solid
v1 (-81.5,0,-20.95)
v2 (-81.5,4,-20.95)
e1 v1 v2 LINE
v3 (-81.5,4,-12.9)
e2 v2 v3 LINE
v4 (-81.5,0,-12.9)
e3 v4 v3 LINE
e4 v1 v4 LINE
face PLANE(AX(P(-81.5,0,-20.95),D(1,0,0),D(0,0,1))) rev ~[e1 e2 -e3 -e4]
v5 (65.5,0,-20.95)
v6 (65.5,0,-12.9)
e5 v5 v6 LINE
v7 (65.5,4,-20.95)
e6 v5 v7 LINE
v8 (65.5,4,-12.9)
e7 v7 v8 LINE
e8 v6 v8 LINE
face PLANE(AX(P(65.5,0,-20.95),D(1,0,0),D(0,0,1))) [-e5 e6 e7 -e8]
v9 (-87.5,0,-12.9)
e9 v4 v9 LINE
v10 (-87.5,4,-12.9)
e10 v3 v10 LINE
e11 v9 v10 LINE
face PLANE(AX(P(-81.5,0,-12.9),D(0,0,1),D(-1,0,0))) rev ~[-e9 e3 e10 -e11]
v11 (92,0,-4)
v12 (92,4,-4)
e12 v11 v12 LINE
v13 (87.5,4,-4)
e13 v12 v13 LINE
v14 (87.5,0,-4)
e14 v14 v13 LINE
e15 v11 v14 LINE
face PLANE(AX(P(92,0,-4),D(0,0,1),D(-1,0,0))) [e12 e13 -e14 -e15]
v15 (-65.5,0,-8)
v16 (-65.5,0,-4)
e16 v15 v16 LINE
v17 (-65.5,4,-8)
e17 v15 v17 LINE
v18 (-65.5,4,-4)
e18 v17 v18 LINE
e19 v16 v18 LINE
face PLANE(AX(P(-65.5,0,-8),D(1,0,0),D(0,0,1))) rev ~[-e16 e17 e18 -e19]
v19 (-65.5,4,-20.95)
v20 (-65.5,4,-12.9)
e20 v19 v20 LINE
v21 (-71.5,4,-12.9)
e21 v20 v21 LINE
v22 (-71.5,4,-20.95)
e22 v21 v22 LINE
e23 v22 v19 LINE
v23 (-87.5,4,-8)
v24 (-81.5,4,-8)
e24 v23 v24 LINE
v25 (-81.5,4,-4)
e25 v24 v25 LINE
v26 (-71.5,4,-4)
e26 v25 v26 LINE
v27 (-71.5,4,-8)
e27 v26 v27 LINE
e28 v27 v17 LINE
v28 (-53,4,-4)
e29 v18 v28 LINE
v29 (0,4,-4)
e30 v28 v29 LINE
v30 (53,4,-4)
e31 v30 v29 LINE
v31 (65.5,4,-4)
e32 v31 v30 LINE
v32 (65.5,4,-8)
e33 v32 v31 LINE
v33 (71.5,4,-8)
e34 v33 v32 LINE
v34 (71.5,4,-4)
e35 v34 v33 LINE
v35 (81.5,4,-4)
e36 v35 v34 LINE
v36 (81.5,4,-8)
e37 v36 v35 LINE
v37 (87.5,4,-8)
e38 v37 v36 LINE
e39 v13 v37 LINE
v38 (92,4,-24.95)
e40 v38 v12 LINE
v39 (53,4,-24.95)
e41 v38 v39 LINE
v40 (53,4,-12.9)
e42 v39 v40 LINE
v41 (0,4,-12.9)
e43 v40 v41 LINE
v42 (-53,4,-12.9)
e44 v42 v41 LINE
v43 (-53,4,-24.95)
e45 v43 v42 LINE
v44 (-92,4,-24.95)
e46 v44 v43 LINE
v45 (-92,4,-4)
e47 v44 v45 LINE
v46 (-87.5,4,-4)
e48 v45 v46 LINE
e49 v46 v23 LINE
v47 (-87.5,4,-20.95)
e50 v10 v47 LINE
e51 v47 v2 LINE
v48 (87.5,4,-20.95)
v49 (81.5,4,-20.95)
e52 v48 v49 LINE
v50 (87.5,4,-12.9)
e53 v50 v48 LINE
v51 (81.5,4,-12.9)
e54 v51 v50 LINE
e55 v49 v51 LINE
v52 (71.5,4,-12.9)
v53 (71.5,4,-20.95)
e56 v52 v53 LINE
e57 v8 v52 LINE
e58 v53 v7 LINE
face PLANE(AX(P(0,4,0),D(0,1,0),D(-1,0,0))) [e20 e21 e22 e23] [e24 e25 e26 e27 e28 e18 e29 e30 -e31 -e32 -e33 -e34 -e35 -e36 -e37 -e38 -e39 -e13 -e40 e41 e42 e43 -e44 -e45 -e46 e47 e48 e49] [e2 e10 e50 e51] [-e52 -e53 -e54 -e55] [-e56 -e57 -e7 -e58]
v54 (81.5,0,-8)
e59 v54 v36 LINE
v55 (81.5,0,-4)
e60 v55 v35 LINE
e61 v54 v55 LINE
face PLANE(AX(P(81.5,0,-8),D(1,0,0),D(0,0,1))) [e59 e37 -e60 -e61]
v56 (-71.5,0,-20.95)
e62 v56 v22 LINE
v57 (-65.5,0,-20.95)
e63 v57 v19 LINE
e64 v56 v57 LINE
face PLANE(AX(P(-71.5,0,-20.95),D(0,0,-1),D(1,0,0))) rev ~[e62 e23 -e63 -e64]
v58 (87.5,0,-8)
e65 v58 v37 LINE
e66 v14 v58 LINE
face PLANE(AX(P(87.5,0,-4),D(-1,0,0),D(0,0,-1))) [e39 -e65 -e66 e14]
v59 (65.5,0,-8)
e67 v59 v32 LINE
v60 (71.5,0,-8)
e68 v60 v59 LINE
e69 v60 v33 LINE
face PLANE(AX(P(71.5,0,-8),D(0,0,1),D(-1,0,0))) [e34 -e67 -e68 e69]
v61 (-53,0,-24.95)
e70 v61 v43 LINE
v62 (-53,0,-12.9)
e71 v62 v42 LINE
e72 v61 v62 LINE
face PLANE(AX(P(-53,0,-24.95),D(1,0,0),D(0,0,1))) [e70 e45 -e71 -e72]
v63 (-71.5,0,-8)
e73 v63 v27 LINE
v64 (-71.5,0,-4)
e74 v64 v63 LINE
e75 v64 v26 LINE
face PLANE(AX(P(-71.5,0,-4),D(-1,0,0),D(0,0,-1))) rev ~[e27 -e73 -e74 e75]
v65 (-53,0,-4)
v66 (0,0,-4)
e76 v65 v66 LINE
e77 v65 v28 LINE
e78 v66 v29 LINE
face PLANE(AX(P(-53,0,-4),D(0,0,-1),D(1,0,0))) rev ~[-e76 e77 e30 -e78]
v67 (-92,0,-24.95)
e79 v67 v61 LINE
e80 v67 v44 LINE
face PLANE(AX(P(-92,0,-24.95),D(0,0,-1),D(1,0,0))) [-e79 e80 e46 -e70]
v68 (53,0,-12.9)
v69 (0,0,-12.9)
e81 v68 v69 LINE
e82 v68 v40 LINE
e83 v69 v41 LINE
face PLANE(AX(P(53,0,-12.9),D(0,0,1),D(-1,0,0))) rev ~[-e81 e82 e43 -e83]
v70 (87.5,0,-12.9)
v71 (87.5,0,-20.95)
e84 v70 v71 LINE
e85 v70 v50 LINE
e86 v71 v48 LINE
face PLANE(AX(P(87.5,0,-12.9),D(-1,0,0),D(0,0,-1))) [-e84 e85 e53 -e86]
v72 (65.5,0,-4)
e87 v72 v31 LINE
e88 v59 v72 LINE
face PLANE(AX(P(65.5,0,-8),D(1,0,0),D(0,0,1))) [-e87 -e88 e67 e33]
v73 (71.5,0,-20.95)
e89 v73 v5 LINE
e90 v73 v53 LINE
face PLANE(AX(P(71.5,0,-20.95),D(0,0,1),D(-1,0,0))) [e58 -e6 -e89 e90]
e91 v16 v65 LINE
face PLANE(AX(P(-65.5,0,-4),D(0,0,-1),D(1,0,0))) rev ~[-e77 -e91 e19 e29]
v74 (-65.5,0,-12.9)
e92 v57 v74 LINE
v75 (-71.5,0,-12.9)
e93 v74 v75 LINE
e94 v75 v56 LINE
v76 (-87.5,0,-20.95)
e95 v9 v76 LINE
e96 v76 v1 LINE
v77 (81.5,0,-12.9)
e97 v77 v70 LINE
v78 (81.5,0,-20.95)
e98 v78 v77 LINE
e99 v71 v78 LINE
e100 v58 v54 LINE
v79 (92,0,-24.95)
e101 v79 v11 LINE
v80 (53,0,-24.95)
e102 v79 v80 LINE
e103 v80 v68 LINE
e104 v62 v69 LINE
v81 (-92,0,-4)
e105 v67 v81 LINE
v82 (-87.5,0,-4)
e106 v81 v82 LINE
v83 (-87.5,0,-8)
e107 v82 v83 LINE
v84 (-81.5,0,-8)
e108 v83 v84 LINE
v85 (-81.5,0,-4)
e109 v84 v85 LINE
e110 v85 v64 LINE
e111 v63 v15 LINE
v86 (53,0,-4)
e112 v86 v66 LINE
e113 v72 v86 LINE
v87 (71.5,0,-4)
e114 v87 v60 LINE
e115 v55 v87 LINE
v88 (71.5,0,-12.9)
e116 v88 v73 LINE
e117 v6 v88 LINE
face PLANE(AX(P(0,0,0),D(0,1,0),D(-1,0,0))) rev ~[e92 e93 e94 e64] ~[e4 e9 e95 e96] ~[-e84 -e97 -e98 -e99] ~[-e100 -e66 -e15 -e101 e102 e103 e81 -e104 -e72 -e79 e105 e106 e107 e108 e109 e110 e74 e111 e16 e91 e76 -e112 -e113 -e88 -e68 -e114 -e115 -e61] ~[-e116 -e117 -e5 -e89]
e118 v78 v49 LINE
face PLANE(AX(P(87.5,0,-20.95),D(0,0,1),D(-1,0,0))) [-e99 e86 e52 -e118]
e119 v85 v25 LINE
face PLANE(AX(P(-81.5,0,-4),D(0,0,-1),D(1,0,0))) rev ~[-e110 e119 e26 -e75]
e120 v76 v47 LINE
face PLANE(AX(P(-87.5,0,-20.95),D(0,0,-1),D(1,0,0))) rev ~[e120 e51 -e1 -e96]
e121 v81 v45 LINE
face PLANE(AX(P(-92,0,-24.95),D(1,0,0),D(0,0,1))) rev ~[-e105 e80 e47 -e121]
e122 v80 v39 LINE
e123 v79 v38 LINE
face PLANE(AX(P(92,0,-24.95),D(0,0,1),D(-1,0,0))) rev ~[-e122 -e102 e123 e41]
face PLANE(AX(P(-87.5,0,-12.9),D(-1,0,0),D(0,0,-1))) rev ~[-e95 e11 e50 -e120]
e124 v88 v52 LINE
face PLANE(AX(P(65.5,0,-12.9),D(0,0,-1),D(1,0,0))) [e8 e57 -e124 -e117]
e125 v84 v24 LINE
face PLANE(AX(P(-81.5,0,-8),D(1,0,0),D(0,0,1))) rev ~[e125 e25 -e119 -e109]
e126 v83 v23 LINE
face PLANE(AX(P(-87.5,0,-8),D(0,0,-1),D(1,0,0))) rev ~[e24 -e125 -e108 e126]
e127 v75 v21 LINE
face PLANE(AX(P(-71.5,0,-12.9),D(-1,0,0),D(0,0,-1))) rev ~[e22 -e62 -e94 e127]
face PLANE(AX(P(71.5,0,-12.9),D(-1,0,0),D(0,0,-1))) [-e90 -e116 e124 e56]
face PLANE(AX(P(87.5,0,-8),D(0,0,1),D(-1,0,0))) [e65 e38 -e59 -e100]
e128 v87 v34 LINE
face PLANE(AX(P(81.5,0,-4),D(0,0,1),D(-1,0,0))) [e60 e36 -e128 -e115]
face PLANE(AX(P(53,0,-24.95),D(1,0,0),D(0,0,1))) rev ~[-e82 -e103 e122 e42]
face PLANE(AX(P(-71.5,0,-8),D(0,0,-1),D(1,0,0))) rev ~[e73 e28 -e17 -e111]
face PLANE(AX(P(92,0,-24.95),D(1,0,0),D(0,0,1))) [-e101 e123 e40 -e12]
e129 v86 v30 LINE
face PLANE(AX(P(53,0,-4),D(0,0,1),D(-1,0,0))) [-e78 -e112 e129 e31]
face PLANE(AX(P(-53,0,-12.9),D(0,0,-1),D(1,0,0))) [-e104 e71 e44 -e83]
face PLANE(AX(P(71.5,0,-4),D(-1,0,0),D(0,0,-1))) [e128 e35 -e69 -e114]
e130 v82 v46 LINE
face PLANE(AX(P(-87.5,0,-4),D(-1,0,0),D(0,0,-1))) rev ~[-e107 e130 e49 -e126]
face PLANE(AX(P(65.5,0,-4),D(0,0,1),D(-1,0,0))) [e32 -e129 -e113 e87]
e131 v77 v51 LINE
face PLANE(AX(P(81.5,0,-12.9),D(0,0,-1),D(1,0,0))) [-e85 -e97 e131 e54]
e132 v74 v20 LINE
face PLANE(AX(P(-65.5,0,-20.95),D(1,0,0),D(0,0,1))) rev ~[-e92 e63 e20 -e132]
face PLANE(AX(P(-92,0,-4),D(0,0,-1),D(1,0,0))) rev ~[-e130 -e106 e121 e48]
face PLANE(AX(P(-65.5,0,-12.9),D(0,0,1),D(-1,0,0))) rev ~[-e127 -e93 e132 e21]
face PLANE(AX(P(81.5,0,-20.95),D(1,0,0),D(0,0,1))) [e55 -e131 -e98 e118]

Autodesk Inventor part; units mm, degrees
ref_plane "YZ Plane" through (0, 0, 0) normal (1, 0, 0) x (0, 1, 0)
ref_plane "XZ Plane" through (0, 0, 0) normal (0, 1, 0) x (-1, 0, 0)
ref_plane "XY Plane" through (0, 0, 0) normal (0, 0, 1) x (1, 0, 0)
sketch "Sketch1" plane through (0, 0, 0) normal (0, 1, 0) x (-1, 0, 0)
  line L0 (92, -24.95) -> (53, -24.95)
  line L1 (53, -24.95) -> (53, 0) construction
  line L2 (0, -24.95) -> (0, 0) construction
  line L3 (92, -8) -> (0, -8) construction
  line L4 (92, -4) -> (0, -4) construction
  line L5 (92, -20.95) -> (0, -20.95) construction
  line L6 (53, -24.95) -> (53, -12.9)
  line L7 (92, -12.9) -> (0, -12.9) construction
  line L8 (92, -24.95) -> (0, -24.95) construction
  line L9 (87.5, -24.95) -> (87.5, 0) construction
  line L10 (71.5, -24.95) -> (71.5, 0) construction
  line L11 (65.5, -24.95) -> (65.5, 0) construction
  line L12 (81.5, 0) -> (81.5, -24.95) construction
  line L13 (87.5, -20.95) -> (81.5, -20.95)
  line L14 (81.5, -20.95) -> (81.5, -12.9)
  line L15 (81.5, -12.9) -> (87.5, -12.9)
  line L16 (87.5, -12.9) -> (87.5, -20.95)
  line L17 (71.5, -20.95) -> (65.5, -20.95)
  line L18 (65.5, -20.95) -> (65.5, -12.9)
  line L19 (65.5, -12.9) -> (71.5, -12.9)
  line L20 (71.5, -12.9) -> (71.5, -20.95)
  line L21 (71.5, -8) -> (65.5, -8)
  line L22 (65.5, -8) -> (65.5, -4)
  line L23 (65.5, -4) -> (71.5, -4)
  line L24 (71.5, -4) -> (71.5, -8)
  line L25 (87.5, -8) -> (81.5, -8)
  line L26 (81.5, -8) -> (81.5, -4)
  line L27 (81.5, -4) -> (87.5, -4)
  line L28 (87.5, -4) -> (87.5, -8)
  line L29 (53, -12.9) -> (0, -12.9)
  line L30 (92, 0) -> (0, 0) construction
  line L31 (53, -4) -> (0, -4)
  line L32 (92, -4) -> (87.5, -4)
  line L33 (81.5, -4) -> (71.5, -4)
  line L34 (65.5, -4) -> (53, -4)
  line L35 (92, -24.95) -> (92, 0) construction
  line L36 (92, -24.95) -> (92, -4)
  line L37 (-92, -24.95) -> (-53, -24.95)
  line L38 (-53, -24.95) -> (-53, 0) construction
  line L39 (-92, -8) -> (0, -8) construction
  line L40 (-92, -4) -> (0, -4) construction
  line L41 (-92, -20.95) -> (0, -20.95) construction
  line L42 (-53, -24.95) -> (-53, -12.9)
  line L43 (-92, -12.9) -> (0, -12.9) construction
  line L44 (-92, -24.95) -> (0, -24.95) construction
  line L45 (-87.5, -24.95) -> (-87.5, 0) construction
  line L46 (-71.5, -24.95) -> (-71.5, 0) construction
  line L47 (-65.5, -24.95) -> (-65.5, 0) construction
  line L48 (-81.5, 0) -> (-81.5, -24.95) construction
  line L49 (-87.5, -20.95) -> (-81.5, -20.95)
  line L50 (-81.5, -20.95) -> (-81.5, -12.9)
  line L51 (-81.5, -12.9) -> (-87.5, -12.9)
  line L52 (-87.5, -12.9) -> (-87.5, -20.95)
  line L53 (-71.5, -20.95) -> (-65.5, -20.95)
  line L54 (-65.5, -20.95) -> (-65.5, -12.9)
  line L55 (-65.5, -12.9) -> (-71.5, -12.9)
  line L56 (-71.5, -12.9) -> (-71.5, -20.95)
  line L57 (-71.5, -8) -> (-65.5, -8)
  line L58 (-65.5, -8) -> (-65.5, -4)
  line L59 (-65.5, -4) -> (-71.5, -4)
  line L60 (-71.5, -4) -> (-71.5, -8)
  line L61 (-87.5, -8) -> (-81.5, -8)
  line L62 (-81.5, -8) -> (-81.5, -4)
  line L63 (-81.5, -4) -> (-87.5, -4)
  line L64 (-87.5, -4) -> (-87.5, -8)
  line L65 (-53, -12.9) -> (0, -12.9)
  line L66 (-92, 0) -> (0, 0) construction
  line L67 (-53, -4) -> (0, -4)
  line L68 (-92, -4) -> (-87.5, -4)
  line L69 (-81.5, -4) -> (-71.5, -4)
  line L70 (-65.5, -4) -> (-53, -4)
  line L71 (-92, -24.95) -> (-92, 0) construction
  line L72 (-92, -24.95) -> (-92, -4)
  dimension "d19" = 8.05
  dimension "d20" = 4
  dimension "d21" = 4.9
  dimension "d22" = 4
  dimension "d24" = 6
  dimension "d25" = 10
  dimension "d26" = 6
  dimension "d27" = 12.5
  dimension "d29" = 92
  dimension "d30" = 4
  dimension "d31" = 4.5
extrude "Extrusion1" add sketch "Sketch1" along normal blind 4 contours L0 L6 L29 L65 L42 L37 L72 L68 L64 L61 L62 L69 L60 L57 L58 L70 L67 L31 L34 L22 L21 L24 L33 L26 L25 L28 L32 L36
properties part number "DoorFrameTop_V3" material "Wood (Oak)"
